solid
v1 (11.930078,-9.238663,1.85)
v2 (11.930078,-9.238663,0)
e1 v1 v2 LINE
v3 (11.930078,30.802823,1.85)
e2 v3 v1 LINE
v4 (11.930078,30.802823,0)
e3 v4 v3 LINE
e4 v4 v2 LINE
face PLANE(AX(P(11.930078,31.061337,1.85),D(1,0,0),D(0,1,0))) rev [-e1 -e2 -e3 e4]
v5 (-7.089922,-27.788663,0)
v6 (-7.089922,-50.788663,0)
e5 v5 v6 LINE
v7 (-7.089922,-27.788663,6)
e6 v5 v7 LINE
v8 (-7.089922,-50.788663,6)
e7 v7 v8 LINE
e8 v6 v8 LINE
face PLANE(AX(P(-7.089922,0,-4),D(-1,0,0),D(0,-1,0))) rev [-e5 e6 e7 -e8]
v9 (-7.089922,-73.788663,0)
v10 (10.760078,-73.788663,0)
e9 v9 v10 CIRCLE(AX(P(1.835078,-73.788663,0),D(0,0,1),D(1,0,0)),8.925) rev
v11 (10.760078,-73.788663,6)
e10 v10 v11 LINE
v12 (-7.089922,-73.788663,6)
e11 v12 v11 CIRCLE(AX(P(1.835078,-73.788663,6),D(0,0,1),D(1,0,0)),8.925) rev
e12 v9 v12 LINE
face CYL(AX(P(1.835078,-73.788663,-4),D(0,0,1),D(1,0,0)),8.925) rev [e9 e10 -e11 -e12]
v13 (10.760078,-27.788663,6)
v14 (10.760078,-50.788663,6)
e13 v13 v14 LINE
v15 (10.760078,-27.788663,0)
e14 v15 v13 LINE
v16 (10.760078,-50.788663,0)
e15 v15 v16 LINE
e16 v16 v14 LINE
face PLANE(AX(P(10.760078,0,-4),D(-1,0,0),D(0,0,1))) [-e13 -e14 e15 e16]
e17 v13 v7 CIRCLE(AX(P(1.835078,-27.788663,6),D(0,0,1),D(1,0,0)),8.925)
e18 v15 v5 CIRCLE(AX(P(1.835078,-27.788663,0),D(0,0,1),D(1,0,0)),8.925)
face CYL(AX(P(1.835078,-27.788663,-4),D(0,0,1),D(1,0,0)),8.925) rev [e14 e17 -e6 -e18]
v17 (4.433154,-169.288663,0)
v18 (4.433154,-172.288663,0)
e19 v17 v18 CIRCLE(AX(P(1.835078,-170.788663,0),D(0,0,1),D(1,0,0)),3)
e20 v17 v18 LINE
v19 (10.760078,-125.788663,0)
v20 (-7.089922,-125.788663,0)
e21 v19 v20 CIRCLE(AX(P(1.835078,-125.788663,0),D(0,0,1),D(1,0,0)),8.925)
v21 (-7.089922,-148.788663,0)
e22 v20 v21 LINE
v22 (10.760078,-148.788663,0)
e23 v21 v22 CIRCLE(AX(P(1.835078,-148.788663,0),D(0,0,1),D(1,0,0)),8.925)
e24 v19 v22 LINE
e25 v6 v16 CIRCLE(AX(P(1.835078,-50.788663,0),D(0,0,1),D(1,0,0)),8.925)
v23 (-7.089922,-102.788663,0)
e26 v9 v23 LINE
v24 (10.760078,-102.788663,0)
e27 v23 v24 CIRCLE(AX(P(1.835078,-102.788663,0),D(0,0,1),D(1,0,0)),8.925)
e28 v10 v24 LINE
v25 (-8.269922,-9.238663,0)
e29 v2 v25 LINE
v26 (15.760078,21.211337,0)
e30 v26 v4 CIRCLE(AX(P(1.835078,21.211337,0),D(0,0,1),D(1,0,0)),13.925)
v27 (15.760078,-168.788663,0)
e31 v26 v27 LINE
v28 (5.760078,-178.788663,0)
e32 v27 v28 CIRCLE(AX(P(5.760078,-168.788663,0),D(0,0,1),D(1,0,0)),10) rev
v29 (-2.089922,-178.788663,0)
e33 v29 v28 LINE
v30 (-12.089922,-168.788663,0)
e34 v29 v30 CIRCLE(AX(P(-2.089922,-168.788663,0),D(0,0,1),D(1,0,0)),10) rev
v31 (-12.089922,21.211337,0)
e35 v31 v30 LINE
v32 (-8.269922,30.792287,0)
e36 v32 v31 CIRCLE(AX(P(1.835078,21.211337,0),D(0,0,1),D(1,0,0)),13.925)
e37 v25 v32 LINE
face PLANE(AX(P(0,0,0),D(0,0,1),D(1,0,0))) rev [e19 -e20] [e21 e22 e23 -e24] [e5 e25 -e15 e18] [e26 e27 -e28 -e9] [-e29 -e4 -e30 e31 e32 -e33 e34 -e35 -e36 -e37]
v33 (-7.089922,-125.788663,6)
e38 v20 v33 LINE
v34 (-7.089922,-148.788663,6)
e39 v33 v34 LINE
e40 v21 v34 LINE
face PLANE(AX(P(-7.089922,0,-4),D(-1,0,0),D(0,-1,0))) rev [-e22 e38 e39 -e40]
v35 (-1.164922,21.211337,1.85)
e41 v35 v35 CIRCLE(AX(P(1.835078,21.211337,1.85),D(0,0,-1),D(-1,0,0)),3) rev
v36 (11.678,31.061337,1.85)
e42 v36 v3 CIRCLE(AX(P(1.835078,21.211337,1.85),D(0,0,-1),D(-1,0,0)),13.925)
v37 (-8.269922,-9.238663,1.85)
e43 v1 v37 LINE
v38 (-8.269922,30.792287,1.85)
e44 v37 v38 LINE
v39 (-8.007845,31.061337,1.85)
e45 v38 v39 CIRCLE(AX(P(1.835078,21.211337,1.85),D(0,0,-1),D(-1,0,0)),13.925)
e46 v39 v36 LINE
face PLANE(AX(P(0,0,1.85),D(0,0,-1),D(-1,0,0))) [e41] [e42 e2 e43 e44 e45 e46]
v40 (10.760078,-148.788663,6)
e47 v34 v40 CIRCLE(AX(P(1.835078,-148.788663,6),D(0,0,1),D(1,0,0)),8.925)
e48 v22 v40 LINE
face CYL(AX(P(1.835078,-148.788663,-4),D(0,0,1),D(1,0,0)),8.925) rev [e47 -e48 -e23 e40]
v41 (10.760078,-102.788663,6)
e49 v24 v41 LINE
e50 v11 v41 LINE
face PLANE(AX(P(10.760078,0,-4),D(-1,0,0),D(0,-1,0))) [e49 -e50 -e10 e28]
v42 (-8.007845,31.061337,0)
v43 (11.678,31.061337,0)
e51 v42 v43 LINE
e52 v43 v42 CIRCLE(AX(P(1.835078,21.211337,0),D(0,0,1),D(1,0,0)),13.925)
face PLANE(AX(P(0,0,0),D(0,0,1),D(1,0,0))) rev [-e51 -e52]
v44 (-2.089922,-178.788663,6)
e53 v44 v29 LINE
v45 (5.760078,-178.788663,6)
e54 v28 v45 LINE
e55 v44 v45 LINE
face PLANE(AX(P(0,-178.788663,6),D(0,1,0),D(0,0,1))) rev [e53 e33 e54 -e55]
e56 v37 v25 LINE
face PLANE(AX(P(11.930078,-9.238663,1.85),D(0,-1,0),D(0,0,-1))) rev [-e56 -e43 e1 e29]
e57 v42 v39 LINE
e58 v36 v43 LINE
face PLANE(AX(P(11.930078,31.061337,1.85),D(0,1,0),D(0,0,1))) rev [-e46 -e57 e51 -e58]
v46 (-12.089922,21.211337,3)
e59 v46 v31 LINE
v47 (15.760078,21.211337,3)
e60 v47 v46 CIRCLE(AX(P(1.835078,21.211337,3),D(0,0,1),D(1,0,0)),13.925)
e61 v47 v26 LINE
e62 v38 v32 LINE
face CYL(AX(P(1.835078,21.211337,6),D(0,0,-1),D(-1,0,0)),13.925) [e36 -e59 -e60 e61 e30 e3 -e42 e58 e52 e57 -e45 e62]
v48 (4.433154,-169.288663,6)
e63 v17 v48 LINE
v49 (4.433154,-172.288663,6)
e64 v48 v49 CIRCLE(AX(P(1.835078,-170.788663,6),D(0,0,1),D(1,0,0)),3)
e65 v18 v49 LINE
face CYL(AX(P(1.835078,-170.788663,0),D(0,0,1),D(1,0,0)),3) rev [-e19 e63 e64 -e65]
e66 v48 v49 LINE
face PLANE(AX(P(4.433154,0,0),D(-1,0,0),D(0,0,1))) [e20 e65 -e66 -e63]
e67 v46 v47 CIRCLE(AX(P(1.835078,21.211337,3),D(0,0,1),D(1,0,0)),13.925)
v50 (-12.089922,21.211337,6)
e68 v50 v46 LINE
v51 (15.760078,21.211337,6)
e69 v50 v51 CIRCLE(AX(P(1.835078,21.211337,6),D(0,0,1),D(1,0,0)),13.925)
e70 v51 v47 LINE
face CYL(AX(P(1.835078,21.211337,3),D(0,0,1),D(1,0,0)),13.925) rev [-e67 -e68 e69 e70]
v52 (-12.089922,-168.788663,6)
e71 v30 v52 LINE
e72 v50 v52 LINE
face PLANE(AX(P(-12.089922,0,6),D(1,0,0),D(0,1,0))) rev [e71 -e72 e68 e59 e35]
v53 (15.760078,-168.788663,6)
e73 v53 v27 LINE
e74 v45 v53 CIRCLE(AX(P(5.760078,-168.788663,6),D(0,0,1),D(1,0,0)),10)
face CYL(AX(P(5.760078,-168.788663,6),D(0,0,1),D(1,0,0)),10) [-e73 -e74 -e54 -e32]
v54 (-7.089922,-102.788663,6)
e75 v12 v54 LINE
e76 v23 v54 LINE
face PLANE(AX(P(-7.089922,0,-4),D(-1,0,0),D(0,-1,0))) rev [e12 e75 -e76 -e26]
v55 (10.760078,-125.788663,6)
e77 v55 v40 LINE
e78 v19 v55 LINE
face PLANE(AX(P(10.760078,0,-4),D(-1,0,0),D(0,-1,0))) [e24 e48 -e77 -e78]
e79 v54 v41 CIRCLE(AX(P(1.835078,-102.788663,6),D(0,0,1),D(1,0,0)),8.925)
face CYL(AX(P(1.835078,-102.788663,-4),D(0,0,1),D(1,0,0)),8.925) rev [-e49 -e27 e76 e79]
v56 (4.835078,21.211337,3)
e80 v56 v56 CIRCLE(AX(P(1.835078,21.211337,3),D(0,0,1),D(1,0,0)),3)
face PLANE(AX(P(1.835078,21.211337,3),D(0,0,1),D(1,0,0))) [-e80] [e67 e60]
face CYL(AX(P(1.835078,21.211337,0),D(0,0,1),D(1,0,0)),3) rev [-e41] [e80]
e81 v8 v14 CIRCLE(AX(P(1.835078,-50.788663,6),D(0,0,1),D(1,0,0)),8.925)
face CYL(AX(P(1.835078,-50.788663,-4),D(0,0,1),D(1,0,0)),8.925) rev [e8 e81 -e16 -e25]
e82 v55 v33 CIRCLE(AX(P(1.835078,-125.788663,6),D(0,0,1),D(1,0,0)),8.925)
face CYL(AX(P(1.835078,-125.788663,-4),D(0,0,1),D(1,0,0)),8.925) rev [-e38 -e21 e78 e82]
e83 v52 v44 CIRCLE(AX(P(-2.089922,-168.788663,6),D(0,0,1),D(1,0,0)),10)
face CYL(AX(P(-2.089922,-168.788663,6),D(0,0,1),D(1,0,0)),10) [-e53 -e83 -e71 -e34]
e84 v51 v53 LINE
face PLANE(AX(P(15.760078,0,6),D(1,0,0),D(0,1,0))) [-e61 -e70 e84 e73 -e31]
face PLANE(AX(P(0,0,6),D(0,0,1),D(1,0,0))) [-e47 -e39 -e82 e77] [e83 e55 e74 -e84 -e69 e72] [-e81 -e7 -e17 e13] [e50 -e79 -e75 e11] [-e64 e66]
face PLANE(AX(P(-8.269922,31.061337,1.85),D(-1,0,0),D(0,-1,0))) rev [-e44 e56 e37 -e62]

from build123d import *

# Parameters (mm, degrees)
ESQUISSE1_W             = 27.85
ESQUISSE1_H             = 200
BOSS_EXTRU_2_DEPTH      = 6
ENL_V_MAT_EXTRU_1_DEPTH = 6
ENL_V_START             = -3
ESQUISSE4_R             = 13.925
ENL_V_MAT_EXTRU_2_DEPTH = 3
ESQUISSE5_R             = 3
ENL_V_MAT_EXTRU_3_DEPTH = 3
ESQUISSE6_W             = 17.85
ESQUISSE6_H             = 23
ESQUISSE6_H_2           = 29
ENL_V_MAT_EXTRU_4_DEPTH = 10
CONG_1_R                = 10
CONG_2_R                = 10
ESQUISSE9_W             = 20.2
ESQUISSE9_H             = 40.3
ENL_V_MAT_EXTRU_7_DEPTH = 1.85


with BuildPart() as part:
    # Esquisse1 → Boss.-Extru.2 (new body)
    with BuildSketch(Plane.XY):
        with Locations((1.835077519, -78.788662791)):
            Rectangle(ESQUISSE1_W, ESQUISSE1_H)
        with BuildLine():
            Line((-12.089922481, 21.211337209), (15.760077519, 21.211337209))
            ThreePointArc((15.760077519, 21.211337209), (1.835077519, 35.136337209), (-12.089922481, 21.211337209))
        make_face()
    extrude(amount=BOSS_EXTRU_2_DEPTH)

    # Esquisse3 → Enlèv. mat.-Extru.1 (cut)
    with BuildSketch(Plane.XY.offset(6)):
        with BuildLine():
            Line((4.433153731, -172.288662791), (4.433153731, -169.288662791))
            ThreePointArc((4.433153731, -169.288662791), (-1.164922481, -170.788662791), (4.433153731, -172.288662791))
        make_face()
    extrude(amount=-ENL_V_MAT_EXTRU_1_DEPTH, mode=Mode.SUBTRACT)

    # Esquisse4 → Enlèv. mat.-Extru.2 (cut)
    with BuildSketch(Plane.XY.offset(6).offset(ENL_V_START)):
        with Locations((1.835077519, 21.211337209)):
            Circle(ESQUISSE4_R)
    extrude(amount=ENL_V_MAT_EXTRU_2_DEPTH, mode=Mode.SUBTRACT)

    # Esquisse5 → Enlèv. mat.-Extru.3 (cut)
    with BuildSketch(Plane.XY.offset(3)):
        with Locations((1.835077519, 21.211337209)):
            Circle(ESQUISSE5_R)
    extrude(amount=-ENL_V_MAT_EXTRU_3_DEPTH, mode=Mode.SUBTRACT)

    # Esquisse6 → Enlèv. mat.-Extru.4 (cut)
    with BuildSketch(Plane.XY.offset(6)):
        with BuildLine():
            Line((-7.089922481, -27.788662791), (10.760077519, -27.788662791))
            ThreePointArc((10.760077519, -27.788662791), (1.835077519, -18.863662791), (-7.089922481, -27.788662791))
        make_face()
        with Locations((1.835077519, -39.288662791)):
            Rectangle(ESQUISSE6_W, ESQUISSE6_H)
        with BuildLine():
            Line((-7.089922481, -50.788662791), (10.760077519, -50.788662791))
            ThreePointArc((10.760077519, -50.788662791), (1.835077519, -59.713662791), (-7.089922481, -50.788662791))
        make_face()
        with BuildLine():
            ThreePointArc((-7.089922481, -73.788662791), (1.835077519, -64.863662791), (10.760077519, -73.788662791))
            Line((10.760077519, -73.788662791), (-7.089922481, -73.788662791))
        make_face()
        with Locations((1.835077519, -88.288662791)):
            Rectangle(ESQUISSE6_W, ESQUISSE6_H_2)
        with BuildLine():
            Line((-7.089922481, -102.788662791), (10.760077519, -102.788662791))
            ThreePointArc((10.760077519, -102.788662791), (1.835077519, -111.713662791), (-7.089922481, -102.788662791))
        make_face()
        with BuildLine():
            Line((-7.089922481, -125.788662791), (10.760077519, -125.788662791))
            ThreePointArc((10.760077519, -125.788662791), (1.835077519, -116.863662791), (-7.089922481, -125.788662791))
        make_face()
        with Locations((1.835077519, -137.288662791)):
            Rectangle(ESQUISSE6_W, ESQUISSE6_H)
        with BuildLine():
            Line((-7.089922481, -148.788662791), (10.760077519, -148.788662791))
            ThreePointArc((10.760077519, -148.788662791), (1.835077519, -157.713662791), (-7.089922481, -148.788662791))
        make_face()
    extrude(amount=-ENL_V_MAT_EXTRU_4_DEPTH, mode=Mode.SUBTRACT)

    # Congé1
    cong_1_edges = [part.edges().sort_by_distance(p)[0] for p in [
        (-12.089922481, -178.788662791, 3),
    ]]
    fillet(cong_1_edges, radius=CONG_1_R)

    # Congé2
    cong_2_edges = [part.edges().sort_by_distance(p)[0] for p in [
        (15.760077519, -178.788662791, 3),
    ]]
    fillet(cong_2_edges, radius=CONG_2_R)

    # Esquisse9 → Enlèv. mat.-Extru.7 (cut)
    with BuildSketch(Plane(origin=(0, 0, 0), x_dir=(-1, 0, 0), z_dir=(0, 0, -1))):
        with Locations((-1.830077519, 10.911337209)):
            Rectangle(ESQUISSE9_W, ESQUISSE9_H)
    extrude(amount=-ENL_V_MAT_EXTRU_7_DEPTH, mode=Mode.SUBTRACT)


solid = part.part
